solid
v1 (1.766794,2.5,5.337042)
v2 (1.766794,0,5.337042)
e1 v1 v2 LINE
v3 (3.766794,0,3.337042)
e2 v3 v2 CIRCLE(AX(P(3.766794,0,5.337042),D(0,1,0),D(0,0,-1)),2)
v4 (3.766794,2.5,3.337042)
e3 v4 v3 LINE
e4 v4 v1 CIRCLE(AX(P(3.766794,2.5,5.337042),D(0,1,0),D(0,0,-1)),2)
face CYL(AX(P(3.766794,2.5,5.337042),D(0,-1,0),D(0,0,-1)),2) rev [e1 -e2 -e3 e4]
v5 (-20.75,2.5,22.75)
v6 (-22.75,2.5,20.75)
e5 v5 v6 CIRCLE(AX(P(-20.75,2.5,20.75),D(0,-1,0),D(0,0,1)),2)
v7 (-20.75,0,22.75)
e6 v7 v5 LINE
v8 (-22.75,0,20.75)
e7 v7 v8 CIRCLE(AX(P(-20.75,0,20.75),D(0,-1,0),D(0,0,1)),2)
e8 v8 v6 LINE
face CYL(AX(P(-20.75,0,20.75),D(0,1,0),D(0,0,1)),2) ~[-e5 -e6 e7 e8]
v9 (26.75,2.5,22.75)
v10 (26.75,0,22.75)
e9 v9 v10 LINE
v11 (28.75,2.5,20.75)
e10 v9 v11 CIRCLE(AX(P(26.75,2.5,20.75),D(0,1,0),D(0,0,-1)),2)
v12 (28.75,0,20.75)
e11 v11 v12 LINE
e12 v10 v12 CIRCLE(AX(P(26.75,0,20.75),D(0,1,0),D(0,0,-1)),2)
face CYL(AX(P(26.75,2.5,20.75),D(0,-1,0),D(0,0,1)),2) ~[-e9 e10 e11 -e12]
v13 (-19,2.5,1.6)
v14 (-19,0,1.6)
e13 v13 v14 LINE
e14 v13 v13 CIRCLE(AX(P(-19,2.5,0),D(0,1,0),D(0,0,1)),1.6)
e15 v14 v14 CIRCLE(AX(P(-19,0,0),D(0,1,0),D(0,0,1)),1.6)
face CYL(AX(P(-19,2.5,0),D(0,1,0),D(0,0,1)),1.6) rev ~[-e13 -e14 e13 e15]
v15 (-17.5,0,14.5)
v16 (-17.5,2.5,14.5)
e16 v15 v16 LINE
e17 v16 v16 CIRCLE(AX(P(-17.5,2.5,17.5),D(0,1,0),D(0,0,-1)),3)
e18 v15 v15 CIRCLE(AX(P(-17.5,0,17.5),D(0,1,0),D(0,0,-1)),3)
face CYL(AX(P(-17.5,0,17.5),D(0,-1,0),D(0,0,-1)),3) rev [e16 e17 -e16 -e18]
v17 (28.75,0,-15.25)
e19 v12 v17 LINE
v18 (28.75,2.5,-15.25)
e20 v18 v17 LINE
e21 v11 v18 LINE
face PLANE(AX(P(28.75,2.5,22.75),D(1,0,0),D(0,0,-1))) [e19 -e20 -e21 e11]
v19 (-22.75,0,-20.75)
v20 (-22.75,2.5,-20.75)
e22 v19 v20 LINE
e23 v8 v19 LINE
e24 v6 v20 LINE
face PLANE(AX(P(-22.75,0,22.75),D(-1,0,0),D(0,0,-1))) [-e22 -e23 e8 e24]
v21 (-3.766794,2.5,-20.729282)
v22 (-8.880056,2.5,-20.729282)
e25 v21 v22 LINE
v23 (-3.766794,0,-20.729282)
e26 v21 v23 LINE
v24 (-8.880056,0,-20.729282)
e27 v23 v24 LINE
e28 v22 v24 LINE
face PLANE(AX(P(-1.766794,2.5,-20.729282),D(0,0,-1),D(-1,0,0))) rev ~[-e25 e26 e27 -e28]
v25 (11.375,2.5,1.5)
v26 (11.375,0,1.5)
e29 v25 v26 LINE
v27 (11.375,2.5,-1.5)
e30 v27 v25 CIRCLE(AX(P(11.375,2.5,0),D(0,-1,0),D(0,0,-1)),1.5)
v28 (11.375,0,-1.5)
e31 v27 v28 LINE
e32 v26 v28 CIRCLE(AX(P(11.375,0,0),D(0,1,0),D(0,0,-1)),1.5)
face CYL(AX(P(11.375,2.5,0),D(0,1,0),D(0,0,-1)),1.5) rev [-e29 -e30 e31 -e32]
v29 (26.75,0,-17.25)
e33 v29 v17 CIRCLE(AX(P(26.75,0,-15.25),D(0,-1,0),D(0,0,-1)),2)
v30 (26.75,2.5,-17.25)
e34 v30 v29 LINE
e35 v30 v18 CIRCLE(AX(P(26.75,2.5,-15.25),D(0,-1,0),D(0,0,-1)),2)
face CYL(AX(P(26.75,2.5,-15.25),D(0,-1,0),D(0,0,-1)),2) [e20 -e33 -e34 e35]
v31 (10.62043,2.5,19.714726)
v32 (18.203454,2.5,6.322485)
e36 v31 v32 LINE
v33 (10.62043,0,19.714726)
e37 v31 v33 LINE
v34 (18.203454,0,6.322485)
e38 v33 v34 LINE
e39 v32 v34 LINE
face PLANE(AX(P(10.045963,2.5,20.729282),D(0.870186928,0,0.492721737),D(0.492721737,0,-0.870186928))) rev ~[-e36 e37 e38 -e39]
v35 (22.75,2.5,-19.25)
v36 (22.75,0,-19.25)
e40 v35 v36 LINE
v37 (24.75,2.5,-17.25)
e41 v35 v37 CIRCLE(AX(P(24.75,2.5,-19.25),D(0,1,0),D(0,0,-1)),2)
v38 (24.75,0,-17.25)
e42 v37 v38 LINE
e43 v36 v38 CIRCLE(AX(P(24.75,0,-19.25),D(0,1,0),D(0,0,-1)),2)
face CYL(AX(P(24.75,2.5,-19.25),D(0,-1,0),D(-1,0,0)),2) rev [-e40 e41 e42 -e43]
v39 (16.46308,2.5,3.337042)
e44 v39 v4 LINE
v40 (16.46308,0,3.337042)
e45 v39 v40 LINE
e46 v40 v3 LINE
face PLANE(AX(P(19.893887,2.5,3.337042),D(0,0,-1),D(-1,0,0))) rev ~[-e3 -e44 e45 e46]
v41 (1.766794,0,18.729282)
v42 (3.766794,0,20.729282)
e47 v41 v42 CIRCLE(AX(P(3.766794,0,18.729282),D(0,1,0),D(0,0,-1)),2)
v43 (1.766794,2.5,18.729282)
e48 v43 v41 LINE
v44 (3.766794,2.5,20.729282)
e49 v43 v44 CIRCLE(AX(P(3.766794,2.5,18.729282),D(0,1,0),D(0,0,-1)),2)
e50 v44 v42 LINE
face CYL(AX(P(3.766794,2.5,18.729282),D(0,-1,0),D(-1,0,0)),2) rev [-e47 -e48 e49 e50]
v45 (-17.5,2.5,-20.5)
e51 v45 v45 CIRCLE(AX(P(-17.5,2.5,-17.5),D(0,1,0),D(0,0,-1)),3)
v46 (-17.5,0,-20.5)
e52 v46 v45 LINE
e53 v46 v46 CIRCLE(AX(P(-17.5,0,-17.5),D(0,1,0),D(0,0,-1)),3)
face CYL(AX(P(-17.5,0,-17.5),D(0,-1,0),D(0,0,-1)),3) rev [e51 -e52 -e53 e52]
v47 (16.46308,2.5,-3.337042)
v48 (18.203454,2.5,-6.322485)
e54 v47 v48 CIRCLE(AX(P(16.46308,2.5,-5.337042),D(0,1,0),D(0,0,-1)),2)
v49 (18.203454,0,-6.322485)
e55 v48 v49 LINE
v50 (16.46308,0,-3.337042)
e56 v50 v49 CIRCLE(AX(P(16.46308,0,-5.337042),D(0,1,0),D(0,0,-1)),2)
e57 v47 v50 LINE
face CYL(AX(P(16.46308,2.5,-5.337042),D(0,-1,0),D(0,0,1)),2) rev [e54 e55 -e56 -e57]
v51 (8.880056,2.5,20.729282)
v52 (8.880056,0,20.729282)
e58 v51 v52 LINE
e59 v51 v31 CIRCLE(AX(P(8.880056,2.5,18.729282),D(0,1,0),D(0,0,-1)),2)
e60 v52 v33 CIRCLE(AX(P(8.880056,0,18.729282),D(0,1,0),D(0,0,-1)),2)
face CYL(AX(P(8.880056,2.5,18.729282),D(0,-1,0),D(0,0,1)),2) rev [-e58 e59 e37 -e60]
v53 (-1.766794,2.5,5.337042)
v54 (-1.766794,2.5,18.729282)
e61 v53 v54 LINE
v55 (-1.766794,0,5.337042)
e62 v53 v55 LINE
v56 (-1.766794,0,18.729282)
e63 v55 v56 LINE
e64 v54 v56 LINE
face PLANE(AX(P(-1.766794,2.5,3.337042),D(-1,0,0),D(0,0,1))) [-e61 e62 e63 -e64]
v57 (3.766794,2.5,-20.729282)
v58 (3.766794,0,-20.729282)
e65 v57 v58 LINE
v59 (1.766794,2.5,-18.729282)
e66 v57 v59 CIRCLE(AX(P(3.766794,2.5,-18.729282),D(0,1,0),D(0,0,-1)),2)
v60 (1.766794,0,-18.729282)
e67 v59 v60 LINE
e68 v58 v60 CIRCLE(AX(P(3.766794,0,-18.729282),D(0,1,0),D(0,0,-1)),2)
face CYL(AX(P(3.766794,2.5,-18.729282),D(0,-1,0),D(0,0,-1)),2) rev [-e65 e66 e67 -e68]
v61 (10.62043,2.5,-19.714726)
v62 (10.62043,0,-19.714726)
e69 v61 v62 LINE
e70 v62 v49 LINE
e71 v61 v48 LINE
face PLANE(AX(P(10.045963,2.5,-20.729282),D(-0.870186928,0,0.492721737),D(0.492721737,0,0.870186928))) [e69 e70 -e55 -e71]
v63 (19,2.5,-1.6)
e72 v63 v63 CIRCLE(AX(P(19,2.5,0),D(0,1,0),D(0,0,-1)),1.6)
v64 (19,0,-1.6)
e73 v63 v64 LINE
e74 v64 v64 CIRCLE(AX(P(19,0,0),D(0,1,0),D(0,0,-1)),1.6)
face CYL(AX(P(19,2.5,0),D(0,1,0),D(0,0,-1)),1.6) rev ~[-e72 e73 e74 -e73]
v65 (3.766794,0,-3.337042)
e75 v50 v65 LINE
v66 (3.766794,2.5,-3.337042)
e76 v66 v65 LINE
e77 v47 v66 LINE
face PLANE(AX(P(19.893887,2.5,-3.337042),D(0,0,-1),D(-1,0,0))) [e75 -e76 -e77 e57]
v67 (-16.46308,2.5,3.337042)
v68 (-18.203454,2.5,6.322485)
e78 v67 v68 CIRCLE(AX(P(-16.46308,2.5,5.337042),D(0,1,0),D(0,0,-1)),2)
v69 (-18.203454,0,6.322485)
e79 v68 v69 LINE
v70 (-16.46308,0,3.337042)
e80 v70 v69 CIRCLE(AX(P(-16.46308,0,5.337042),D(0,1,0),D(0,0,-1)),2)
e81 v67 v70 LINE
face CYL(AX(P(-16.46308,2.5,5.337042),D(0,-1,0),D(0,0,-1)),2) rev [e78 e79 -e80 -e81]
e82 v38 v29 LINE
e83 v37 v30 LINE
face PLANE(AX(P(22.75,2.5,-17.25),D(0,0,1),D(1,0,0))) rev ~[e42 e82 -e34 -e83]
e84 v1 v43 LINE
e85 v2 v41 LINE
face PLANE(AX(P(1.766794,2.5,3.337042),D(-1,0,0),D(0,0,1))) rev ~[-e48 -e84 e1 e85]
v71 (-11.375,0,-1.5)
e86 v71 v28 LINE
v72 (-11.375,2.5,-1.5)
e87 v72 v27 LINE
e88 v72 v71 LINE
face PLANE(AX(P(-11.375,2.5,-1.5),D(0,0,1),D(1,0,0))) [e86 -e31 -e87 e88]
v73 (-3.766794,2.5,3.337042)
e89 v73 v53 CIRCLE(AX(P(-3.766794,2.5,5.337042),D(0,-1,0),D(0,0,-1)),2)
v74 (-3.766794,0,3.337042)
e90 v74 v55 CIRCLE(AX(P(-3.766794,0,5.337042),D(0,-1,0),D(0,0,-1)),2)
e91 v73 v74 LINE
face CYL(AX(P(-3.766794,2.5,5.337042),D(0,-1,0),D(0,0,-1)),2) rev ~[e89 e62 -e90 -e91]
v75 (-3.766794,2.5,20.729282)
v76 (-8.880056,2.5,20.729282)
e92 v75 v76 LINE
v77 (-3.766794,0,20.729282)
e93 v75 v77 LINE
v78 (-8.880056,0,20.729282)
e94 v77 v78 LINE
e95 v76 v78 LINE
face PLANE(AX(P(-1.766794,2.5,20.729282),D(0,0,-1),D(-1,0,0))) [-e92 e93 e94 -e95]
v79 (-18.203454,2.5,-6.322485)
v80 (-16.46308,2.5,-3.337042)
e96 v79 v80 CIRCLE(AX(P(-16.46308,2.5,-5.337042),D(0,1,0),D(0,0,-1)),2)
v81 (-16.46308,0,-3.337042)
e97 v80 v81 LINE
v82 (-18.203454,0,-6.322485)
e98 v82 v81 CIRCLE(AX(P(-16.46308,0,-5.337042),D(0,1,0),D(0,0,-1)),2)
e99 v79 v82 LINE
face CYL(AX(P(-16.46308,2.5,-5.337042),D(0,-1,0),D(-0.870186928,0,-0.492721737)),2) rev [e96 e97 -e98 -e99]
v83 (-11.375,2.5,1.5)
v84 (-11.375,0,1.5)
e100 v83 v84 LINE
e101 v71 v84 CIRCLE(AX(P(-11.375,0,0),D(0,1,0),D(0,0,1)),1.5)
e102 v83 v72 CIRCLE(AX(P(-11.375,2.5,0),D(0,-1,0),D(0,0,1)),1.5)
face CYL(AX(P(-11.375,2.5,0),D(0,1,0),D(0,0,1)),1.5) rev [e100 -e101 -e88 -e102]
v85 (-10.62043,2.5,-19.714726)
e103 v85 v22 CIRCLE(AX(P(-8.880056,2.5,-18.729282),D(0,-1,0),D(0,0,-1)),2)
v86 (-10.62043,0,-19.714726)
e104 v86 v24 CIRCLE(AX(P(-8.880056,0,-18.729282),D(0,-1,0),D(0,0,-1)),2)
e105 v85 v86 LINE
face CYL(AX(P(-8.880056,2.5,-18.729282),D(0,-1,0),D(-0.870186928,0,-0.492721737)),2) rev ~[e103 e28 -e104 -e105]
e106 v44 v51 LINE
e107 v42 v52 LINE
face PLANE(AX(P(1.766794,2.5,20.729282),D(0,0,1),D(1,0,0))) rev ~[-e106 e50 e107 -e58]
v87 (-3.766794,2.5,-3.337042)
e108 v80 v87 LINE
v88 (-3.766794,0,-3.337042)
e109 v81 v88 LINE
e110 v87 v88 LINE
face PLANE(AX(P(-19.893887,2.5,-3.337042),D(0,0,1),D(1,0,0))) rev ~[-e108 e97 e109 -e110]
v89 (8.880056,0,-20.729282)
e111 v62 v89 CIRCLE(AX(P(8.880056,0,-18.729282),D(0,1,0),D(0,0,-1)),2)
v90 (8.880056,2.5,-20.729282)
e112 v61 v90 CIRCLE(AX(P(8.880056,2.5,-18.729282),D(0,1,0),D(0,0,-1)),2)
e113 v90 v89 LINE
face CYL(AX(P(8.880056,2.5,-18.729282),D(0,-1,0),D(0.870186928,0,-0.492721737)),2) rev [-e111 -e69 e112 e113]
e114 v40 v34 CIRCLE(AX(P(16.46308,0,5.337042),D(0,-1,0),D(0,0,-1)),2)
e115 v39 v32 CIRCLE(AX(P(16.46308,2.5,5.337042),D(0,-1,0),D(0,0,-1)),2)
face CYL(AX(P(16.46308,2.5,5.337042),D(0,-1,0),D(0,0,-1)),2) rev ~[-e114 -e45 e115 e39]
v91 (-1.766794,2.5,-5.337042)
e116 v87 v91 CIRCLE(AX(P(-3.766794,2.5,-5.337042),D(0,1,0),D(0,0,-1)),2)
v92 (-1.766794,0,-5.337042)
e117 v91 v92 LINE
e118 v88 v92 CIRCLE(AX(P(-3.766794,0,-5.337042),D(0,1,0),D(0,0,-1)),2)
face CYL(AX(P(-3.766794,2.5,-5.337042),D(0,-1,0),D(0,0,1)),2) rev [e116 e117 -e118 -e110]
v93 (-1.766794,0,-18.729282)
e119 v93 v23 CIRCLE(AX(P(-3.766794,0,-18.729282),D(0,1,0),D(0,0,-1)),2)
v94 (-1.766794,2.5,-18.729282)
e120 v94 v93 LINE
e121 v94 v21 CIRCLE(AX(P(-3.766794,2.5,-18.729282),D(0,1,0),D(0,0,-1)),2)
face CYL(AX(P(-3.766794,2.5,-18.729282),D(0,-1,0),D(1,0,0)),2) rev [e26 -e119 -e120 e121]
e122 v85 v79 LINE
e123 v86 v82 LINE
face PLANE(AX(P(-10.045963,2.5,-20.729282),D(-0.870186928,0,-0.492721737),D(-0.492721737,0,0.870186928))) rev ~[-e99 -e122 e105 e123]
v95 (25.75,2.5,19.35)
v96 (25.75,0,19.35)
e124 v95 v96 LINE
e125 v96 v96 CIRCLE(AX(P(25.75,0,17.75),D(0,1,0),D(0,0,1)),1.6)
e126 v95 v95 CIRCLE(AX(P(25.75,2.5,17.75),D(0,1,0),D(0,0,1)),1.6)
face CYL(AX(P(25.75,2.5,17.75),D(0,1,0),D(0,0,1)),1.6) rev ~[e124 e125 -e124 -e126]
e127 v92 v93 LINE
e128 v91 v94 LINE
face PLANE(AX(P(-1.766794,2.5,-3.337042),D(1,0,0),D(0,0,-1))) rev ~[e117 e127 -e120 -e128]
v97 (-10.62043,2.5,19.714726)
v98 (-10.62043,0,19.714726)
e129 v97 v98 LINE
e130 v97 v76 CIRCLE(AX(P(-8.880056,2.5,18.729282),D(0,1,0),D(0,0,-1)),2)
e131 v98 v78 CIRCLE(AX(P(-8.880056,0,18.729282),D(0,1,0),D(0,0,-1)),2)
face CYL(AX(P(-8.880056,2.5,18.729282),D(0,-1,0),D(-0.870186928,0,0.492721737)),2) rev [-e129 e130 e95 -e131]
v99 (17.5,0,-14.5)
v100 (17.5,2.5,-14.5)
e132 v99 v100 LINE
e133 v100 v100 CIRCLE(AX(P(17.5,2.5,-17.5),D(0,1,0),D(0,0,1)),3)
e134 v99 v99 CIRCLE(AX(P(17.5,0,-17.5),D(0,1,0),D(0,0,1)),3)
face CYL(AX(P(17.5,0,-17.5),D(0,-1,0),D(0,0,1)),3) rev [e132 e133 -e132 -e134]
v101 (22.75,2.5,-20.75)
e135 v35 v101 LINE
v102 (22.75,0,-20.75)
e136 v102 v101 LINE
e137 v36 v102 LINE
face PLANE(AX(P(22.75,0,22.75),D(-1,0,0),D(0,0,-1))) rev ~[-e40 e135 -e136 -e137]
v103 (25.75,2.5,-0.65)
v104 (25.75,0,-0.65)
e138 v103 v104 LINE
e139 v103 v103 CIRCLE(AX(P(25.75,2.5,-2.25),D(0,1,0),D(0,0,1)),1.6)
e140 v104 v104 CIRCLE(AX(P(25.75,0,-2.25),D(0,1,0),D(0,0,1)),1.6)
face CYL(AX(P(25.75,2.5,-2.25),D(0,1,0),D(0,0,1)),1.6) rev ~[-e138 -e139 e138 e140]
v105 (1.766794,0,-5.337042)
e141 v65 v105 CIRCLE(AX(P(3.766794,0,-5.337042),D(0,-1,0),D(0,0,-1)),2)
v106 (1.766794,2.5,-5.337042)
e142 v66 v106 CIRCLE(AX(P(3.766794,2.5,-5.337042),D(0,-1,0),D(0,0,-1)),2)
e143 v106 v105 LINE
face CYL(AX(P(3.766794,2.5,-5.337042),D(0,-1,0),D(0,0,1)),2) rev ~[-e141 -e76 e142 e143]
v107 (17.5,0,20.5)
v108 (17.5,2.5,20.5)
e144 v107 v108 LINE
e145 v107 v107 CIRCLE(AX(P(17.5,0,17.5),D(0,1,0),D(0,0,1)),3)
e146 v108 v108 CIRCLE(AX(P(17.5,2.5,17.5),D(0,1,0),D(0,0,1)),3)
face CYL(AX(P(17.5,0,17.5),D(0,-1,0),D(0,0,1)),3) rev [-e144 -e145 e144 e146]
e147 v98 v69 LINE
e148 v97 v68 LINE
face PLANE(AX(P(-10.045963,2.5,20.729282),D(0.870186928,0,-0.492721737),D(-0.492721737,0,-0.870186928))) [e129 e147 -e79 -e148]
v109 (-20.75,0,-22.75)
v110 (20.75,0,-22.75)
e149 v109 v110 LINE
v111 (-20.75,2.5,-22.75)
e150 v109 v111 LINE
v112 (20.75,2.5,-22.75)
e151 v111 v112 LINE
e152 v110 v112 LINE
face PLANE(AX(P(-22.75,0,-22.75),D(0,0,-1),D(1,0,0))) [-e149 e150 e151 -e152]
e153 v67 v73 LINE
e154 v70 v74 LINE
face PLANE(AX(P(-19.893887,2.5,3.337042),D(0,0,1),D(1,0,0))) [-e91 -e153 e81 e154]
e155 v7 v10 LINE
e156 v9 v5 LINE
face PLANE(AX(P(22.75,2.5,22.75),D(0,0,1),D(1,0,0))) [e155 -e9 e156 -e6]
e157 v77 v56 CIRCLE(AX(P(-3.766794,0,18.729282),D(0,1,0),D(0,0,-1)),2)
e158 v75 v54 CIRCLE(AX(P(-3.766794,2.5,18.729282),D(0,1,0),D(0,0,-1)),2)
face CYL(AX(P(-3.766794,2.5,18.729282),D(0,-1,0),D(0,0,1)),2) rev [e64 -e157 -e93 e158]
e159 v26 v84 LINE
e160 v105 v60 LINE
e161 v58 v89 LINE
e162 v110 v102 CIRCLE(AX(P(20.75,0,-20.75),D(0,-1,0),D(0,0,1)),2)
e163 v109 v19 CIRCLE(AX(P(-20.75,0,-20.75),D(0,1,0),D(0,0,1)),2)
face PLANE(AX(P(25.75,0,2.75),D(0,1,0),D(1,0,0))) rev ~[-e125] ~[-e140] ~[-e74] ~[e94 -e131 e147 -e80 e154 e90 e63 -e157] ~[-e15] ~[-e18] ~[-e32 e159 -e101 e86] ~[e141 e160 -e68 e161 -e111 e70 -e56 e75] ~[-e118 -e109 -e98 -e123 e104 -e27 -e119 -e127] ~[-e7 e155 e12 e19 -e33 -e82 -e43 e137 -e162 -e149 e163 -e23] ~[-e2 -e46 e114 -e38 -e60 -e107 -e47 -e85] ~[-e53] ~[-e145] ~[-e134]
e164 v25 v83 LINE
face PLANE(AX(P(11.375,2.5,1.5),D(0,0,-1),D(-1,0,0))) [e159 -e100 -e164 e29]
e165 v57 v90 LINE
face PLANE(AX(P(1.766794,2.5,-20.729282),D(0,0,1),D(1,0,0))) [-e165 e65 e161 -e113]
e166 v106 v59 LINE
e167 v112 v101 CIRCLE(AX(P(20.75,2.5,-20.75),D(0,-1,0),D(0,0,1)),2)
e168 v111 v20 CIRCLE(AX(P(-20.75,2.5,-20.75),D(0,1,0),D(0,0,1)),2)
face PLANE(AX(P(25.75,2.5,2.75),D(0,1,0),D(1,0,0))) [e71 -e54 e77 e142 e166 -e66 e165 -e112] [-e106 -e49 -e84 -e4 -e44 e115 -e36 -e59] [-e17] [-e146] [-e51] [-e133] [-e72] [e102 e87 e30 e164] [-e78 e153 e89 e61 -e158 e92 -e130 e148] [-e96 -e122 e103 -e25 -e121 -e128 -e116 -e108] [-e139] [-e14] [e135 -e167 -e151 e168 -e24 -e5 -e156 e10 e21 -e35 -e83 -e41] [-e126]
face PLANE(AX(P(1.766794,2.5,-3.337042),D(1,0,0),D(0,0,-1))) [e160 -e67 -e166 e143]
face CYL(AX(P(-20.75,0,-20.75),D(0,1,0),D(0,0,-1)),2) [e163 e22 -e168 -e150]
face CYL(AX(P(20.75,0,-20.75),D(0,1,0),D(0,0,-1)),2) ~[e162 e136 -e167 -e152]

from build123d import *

# Parameters (mm, degrees)
SKETCH_1_W          = 45.5
SKETCH_1_H          = 45.5
SKETCH_1_R          = 3
EXTRUDE_1_DEPTH     = 2.5
SKETCH_2_W          = 6
SKETCH_2_H          = 40
SKETCH_2_R          = 1.6
EXTRUDE_2_DEPTH     = 2.5
FILLET_1_R          = 2
CUT_EXTRUDE_1_DEPTH = 37.747448891
FILLET_2_R          = 2
SKETCH_4_R          = 1.6
CUT_EXTRUDE_2_DEPTH = 37.747448891


with BuildPart() as part:
    # 草图1 → 凸台-拉伸1 (new body)
    with BuildSketch(Plane(origin=(0, 0, 0), x_dir=(1, 0, 0), z_dir=(0, 1, 0))):
        Rectangle(SKETCH_1_W, SKETCH_1_H)
        with Locations(Location((17.5, 17.5, 0), (0, 0, 270))):
            Circle(SKETCH_1_R, mode=Mode.SUBTRACT)
        with Locations(Location((17.5, -17.5, 0), (0, 0, 270))):
            Circle(SKETCH_1_R, mode=Mode.SUBTRACT)
        with Locations(Location((-17.5, -17.5, 0), (0, 0, 90))):
            Circle(SKETCH_1_R, mode=Mode.SUBTRACT)
        with Locations(Location((-17.5, 17.5, 0), (0, 0, 90))):
            Circle(SKETCH_1_R, mode=Mode.SUBTRACT)
    extrude(amount=EXTRUDE_1_DEPTH)

    # 草图2 → 凸台-拉伸2 (add)
    with BuildSketch(Plane(origin=(0, 2.5, 0), x_dir=(1, 0, 0), z_dir=(0, 1, 0))):
        with Locations((25.75, -2.75)):
            Rectangle(SKETCH_2_W, SKETCH_2_H)
        with Locations(Location((25.75, -17.75, 0), (0, 0, 270))):
            Circle(SKETCH_2_R, mode=Mode.SUBTRACT)
        with Locations(Location((25.75, 2.25, 0), (0, 0, 270))):
            Circle(SKETCH_2_R, mode=Mode.SUBTRACT)
    extrude(amount=-EXTRUDE_2_DEPTH)

    # 圆角1
    fillet_1_edges = [part.edges().sort_by_distance(p)[0] for p in [
        (28.75, 1.25, -17.25),
        (22.75, 1.25, -17.25),
        (28.75, 1.25, 22.75),
        (-22.75, 1.25, 22.75),
        (-22.75, 1.25, -22.75),
        (22.75, 1.25, -22.75),
    ]]
    fillet(fillet_1_edges, radius=FILLET_1_R)

    # 草图3 → 切除-拉伸1 (cut, through all)
    with BuildSketch(Plane(origin=(0, 2.5, 0), x_dir=(1, 0, 0), z_dir=(0, 1, 0))):
        Polygon((-10.045962714, 20.729282101), (-19.893887011, 3.33704153), (-1.766794069, 3.33704153), (-1.766794069, 20.729282101), align=None)
        Polygon((1.766794069, 3.33704153), (1.766794069, 20.729282101), (10.045962714, 20.729282101), (19.893887011, 3.33704153), align=None)
        Polygon((19.893887011, -3.33704153), (1.766794069, -3.33704153), (1.766794069, -20.729282101), (10.045962714, -20.729282101), align=None)
        Polygon((-1.766794069, -3.33704153), (-1.766794069, -20.729282101), (-10.045962714, -20.729282101), (-19.893887011, -3.33704153), align=None)
        with BuildLine():
            Line((-11.375, 1.5), (11.375, 1.5))
            ThreePointArc((11.375, 1.5), (12.875, 0), (11.375, -1.5))
            Line((11.375, -1.5), (-11.375, -1.5))
            ThreePointArc((-11.375, -1.5), (-12.875, 0), (-11.375, 1.5))
        make_face()
    extrude(amount=-CUT_EXTRUDE_1_DEPTH, mode=Mode.SUBTRACT)

    # 圆角2
    fillet_2_edges = [part.edges().sort_by_distance(p)[0] for p in [
        (19.893887011, 1.25, -3.33704153),
        (1.766794069, 1.25, -3.33704153),
        (1.766794069, 1.25, -20.729282101),
        (10.045962714, 1.25, -20.729282101),
        (19.893887011, 1.25, 3.33704153),
        (10.045962714, 1.25, 20.729282101),
        (1.766794069, 1.25, 20.729282101),
        (1.766794069, 1.25, 3.33704153),
        (-19.893887011, 1.25, 3.33704153),
        (-1.766794069, 1.25, 3.33704153),
        (-1.766794069, 1.25, 20.729282101),
        (-10.045962714, 1.25, 20.729282101),
        (-10.045962714, 1.25, -20.729282101),
        (-1.766794069, 1.25, -20.729282101),
        (-1.766794069, 1.25, -3.33704153),
        (-19.893887011, 1.25, -3.33704153),
    ]]
    fillet(fillet_2_edges, radius=FILLET_2_R)

    # 草图4 → 切除-拉伸2 (cut, through all)
    with BuildSketch(Plane(origin=(0, 2.5, 0), x_dir=(1, 0, 0), z_dir=(0, 1, 0))):
        with Locations(Location((-19, 0, 0), (0, 0, 270))):
            Circle(SKETCH_4_R)
        with Locations(Location((19, 0, 0), (0, 0, 90))):
            Circle(SKETCH_4_R)
    extrude(amount=-CUT_EXTRUDE_2_DEPTH, mode=Mode.SUBTRACT)


solid = part.part
